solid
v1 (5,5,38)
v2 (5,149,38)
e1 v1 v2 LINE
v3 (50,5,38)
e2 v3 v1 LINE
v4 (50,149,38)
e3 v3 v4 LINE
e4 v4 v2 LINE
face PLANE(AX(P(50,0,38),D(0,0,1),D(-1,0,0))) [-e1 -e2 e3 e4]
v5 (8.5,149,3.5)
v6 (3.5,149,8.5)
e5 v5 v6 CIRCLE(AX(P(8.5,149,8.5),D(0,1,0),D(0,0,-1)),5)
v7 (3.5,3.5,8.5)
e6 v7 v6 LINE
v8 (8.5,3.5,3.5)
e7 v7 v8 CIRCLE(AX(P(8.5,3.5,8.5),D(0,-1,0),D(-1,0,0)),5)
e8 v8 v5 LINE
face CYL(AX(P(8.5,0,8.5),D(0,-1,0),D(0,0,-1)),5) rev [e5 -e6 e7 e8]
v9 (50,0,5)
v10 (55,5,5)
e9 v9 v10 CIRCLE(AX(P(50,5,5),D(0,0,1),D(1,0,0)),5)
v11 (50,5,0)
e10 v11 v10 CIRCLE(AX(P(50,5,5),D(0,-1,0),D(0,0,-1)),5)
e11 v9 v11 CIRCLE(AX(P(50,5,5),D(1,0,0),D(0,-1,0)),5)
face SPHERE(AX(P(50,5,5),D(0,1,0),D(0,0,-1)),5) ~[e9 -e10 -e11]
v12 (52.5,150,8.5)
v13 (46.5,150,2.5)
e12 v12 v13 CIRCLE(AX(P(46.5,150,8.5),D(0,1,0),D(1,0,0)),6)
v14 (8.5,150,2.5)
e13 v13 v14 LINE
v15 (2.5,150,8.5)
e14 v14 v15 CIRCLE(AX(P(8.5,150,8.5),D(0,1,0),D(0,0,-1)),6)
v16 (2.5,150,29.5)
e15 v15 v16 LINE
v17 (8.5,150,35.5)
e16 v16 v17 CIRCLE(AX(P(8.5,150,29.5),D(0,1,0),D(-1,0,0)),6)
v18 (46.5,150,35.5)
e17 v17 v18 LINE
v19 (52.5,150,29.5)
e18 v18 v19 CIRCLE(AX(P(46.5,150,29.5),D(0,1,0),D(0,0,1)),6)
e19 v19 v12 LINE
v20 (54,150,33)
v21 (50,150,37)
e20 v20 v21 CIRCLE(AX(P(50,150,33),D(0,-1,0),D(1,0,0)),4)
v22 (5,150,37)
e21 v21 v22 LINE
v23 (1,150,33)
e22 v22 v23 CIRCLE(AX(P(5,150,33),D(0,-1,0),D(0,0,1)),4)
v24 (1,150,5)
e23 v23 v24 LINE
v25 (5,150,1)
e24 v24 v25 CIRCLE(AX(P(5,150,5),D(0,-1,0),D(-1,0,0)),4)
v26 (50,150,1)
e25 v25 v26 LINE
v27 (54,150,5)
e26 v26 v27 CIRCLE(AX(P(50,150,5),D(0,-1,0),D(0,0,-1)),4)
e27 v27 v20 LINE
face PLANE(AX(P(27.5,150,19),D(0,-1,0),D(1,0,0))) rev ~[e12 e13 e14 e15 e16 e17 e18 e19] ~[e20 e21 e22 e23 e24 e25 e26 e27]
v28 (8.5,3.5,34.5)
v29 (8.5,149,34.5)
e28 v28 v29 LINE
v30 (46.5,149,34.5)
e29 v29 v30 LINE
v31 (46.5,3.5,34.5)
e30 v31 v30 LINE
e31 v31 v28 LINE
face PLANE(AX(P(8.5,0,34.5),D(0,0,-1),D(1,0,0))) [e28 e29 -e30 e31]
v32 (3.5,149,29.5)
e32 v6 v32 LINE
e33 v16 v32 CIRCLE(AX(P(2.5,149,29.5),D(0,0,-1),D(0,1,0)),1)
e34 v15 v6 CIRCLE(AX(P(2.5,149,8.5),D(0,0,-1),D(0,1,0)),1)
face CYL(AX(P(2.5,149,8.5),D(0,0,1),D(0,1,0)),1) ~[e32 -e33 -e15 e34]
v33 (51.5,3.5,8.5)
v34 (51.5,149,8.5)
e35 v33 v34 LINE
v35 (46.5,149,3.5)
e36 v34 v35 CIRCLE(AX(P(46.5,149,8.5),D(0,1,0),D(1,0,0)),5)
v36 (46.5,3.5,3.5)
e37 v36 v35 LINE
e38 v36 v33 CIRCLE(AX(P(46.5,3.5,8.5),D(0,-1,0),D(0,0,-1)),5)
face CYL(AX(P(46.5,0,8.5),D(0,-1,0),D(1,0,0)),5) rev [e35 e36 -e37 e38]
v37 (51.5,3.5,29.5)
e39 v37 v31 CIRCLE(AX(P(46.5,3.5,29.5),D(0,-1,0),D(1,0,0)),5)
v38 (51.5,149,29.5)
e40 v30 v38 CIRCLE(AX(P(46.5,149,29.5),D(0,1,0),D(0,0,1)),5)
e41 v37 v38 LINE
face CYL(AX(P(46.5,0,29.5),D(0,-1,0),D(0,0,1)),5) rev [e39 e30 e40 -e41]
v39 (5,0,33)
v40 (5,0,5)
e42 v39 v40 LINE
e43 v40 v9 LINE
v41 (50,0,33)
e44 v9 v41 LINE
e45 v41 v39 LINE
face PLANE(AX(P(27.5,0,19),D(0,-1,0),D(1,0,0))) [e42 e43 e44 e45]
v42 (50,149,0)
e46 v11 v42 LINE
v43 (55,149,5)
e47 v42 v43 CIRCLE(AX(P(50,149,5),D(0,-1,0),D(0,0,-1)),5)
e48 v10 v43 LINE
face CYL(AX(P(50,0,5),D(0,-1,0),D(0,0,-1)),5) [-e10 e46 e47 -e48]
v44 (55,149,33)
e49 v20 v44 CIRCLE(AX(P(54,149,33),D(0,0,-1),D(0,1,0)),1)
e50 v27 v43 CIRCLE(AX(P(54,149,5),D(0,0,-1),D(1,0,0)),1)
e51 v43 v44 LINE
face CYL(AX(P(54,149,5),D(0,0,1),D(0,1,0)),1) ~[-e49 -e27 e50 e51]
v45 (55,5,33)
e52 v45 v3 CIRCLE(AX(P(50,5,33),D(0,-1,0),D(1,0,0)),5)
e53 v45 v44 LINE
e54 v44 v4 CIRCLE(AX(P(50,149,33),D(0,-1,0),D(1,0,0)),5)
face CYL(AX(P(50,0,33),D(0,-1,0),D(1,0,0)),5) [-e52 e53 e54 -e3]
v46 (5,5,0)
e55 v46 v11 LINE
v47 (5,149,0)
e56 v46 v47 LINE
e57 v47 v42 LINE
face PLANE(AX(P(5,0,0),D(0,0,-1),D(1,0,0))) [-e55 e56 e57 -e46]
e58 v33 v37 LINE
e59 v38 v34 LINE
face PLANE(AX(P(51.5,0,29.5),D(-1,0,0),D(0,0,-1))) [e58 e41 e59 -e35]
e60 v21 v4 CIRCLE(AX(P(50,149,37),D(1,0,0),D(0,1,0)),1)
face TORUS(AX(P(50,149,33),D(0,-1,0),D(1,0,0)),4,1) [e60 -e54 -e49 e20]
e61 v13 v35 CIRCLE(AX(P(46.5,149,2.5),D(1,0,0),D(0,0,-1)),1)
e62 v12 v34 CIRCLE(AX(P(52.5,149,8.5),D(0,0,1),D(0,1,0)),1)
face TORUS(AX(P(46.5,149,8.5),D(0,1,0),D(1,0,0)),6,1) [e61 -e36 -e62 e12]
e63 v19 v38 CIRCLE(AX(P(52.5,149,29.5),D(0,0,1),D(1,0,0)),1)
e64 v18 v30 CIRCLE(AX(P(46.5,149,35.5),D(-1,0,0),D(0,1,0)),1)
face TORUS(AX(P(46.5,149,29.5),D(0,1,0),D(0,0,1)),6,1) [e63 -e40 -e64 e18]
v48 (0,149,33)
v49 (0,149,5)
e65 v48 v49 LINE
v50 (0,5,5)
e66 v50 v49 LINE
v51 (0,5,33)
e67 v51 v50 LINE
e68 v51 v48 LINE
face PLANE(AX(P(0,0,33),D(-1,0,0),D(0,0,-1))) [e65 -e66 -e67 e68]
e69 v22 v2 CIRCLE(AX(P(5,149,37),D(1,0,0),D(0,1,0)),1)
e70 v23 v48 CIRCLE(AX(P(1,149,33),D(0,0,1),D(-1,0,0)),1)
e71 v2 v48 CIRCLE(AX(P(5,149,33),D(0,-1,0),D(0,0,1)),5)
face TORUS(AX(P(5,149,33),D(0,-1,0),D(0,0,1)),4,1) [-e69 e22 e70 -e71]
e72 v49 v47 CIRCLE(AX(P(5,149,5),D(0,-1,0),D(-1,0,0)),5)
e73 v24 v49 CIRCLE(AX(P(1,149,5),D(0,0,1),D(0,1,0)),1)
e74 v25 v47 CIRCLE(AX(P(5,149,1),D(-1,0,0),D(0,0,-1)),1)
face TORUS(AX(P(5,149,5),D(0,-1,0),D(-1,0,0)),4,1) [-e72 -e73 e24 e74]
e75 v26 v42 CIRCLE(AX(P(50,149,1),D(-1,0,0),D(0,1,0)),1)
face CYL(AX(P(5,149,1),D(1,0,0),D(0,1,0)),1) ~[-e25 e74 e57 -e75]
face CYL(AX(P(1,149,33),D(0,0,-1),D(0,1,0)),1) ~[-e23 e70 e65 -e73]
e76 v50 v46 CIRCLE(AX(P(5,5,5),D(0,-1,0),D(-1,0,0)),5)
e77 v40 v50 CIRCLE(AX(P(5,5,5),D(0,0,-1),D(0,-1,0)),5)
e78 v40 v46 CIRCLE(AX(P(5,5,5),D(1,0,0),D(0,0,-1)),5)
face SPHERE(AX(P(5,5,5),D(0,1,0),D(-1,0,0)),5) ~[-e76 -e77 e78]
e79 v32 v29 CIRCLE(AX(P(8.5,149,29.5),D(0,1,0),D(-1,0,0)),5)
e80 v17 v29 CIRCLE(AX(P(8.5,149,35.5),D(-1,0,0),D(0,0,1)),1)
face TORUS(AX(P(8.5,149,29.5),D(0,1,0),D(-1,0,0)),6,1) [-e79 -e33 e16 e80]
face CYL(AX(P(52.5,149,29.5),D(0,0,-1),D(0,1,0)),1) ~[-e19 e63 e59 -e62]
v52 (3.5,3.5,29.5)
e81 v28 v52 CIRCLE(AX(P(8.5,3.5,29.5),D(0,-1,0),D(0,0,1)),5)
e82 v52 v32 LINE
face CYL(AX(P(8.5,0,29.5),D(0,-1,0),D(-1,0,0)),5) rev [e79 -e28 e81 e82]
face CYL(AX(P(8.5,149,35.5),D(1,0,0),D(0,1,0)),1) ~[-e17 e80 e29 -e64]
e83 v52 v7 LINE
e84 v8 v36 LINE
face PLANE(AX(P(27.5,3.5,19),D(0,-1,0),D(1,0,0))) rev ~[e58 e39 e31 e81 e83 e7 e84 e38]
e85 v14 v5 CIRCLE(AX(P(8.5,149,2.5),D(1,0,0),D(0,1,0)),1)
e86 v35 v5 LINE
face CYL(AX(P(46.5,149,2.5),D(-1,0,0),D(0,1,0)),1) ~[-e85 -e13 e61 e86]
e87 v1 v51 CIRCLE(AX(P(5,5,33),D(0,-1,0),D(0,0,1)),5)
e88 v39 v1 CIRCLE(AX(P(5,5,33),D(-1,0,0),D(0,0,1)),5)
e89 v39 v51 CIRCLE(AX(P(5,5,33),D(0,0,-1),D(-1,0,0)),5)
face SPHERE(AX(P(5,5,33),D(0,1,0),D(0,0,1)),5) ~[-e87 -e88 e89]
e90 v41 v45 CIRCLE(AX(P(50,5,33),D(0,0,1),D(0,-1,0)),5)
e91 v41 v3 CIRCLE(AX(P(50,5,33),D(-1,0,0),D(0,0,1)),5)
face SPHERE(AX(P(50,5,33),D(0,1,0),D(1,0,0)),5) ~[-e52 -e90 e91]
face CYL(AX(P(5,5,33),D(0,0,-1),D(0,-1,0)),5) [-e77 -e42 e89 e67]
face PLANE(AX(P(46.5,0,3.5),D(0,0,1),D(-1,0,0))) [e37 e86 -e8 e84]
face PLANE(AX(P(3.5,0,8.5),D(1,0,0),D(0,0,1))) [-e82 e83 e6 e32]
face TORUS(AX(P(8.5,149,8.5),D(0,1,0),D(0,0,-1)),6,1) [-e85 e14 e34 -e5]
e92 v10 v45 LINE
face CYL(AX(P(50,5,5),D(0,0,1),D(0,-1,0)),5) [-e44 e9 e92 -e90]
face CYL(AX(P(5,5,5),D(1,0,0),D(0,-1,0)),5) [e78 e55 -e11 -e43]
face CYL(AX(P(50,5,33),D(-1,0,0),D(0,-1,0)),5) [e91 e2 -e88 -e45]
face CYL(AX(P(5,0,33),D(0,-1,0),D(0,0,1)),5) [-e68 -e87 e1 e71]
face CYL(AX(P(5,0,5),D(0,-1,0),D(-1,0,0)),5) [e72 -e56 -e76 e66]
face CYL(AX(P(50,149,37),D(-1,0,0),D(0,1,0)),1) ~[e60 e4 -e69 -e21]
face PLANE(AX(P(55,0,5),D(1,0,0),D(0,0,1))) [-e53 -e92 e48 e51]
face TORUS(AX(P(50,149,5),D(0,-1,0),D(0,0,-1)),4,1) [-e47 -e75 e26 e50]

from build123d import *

# Parameters (mm, degrees)
F1_DEPTH = 3.5
F2_DEPTH = 150
F3_R     = 5
F4_R     = 1


with BuildPart() as f1:
    # F0 (on Front) → F1 (new body)
    with BuildSketch(Plane.XZ):
        with BuildLine():
            ThreePointArc((3.5, 8.5), (4.9644660941, 4.9644660941), (8.5, 3.5))
            Line((8.5, 3.5), (46.5, 3.5))
            ThreePointArc((46.5, 3.5), (50.0355339059, 4.9644660941), (51.5, 8.5))
            Line((51.5, 8.5), (51.5, 29.5))
            ThreePointArc((51.5, 29.5), (50.0355339059, 33.0355339059), (46.5, 34.5))
            Line((46.5, 34.5), (8.5, 34.5))
            ThreePointArc((8.5, 34.5), (4.9644660941, 33.0355339059), (3.5, 29.5))
            Line((3.5, 29.5), (3.5, 8.5))
        make_face()
    extrude(amount=-F1_DEPTH)

    # F0 (on Front) → F2 (join)
    with BuildSketch(Plane.XZ):
        with BuildLine():
            ThreePointArc((0, 5), (1.4644660941, 1.4644660941), (5, 0))
            Line((5, 0), (50, 0))
            ThreePointArc((50, 0), (53.5355339059, 1.4644660941), (55, 5))
            Line((55, 5), (55, 33))
            ThreePointArc((55, 33), (53.5355339059, 36.5355339059), (50, 38))
            Line((50, 38), (5, 38))
            ThreePointArc((5, 38), (1.4644660941, 36.5355339059), (0, 33))
            Line((0, 33), (0, 5))
        make_face()
        with BuildLine():
            Line((46.5, 3.5), (8.5, 3.5))
            ThreePointArc((8.5, 3.5), (4.9644660941, 4.9644660941), (3.5, 8.5))
            Line((3.5, 8.5), (3.5, 29.5))
            ThreePointArc((3.5, 29.5), (4.9644660941, 33.0355339059), (8.5, 34.5))
            Line((8.5, 34.5), (46.5, 34.5))
            ThreePointArc((46.5, 34.5), (50.0355339059, 33.0355339059), (51.5, 29.5))
            Line((51.5, 29.5), (51.5, 8.5))
            ThreePointArc((51.5, 8.5), (50.0355339059, 4.9644660941), (46.5, 3.5))
        make_face(mode=Mode.SUBTRACT)
    extrude(amount=-F2_DEPTH)

    # F3
    f3_edges = [f1.edges().sort_by_distance(p)[0] for p in [
        (1.464466, 0, 36.535534),
        (0, 0, 19),
        (27.5, 0, 38),
        (53.535534, 0, 36.535534),
        (55, 0, 19),
        (53.535534, 0, 1.464466),
        (27.5, 0, 0),
        (1.464466, 0, 1.464466),
    ]]
    fillet(f3_edges, radius=F3_R)

    # F4
    f4_edges = [f1.edges().sort_by_distance(p)[0] for p in [
        (27.5, 150, 38),
        (53.535534, 150, 36.535534),
        (55, 150, 19),
        (53.535534, 150, 1.464466),
        (27.5, 150, 0),
        (1.464466, 150, 1.464466),
        (0, 150, 19),
        (1.464466, 150, 36.535534),
        (3.5, 150, 19),
        (4.964466, 150, 33.035534),
        (27.5, 150, 34.5),
        (50.035534, 150, 33.035534),
        (51.5, 150, 19),
        (50.035534, 150, 4.964466),
        (27.5, 150, 3.5),
        (4.964466, 150, 4.964466),
    ]]
    fillet(f4_edges, radius=F4_R)


solid = f1.part
